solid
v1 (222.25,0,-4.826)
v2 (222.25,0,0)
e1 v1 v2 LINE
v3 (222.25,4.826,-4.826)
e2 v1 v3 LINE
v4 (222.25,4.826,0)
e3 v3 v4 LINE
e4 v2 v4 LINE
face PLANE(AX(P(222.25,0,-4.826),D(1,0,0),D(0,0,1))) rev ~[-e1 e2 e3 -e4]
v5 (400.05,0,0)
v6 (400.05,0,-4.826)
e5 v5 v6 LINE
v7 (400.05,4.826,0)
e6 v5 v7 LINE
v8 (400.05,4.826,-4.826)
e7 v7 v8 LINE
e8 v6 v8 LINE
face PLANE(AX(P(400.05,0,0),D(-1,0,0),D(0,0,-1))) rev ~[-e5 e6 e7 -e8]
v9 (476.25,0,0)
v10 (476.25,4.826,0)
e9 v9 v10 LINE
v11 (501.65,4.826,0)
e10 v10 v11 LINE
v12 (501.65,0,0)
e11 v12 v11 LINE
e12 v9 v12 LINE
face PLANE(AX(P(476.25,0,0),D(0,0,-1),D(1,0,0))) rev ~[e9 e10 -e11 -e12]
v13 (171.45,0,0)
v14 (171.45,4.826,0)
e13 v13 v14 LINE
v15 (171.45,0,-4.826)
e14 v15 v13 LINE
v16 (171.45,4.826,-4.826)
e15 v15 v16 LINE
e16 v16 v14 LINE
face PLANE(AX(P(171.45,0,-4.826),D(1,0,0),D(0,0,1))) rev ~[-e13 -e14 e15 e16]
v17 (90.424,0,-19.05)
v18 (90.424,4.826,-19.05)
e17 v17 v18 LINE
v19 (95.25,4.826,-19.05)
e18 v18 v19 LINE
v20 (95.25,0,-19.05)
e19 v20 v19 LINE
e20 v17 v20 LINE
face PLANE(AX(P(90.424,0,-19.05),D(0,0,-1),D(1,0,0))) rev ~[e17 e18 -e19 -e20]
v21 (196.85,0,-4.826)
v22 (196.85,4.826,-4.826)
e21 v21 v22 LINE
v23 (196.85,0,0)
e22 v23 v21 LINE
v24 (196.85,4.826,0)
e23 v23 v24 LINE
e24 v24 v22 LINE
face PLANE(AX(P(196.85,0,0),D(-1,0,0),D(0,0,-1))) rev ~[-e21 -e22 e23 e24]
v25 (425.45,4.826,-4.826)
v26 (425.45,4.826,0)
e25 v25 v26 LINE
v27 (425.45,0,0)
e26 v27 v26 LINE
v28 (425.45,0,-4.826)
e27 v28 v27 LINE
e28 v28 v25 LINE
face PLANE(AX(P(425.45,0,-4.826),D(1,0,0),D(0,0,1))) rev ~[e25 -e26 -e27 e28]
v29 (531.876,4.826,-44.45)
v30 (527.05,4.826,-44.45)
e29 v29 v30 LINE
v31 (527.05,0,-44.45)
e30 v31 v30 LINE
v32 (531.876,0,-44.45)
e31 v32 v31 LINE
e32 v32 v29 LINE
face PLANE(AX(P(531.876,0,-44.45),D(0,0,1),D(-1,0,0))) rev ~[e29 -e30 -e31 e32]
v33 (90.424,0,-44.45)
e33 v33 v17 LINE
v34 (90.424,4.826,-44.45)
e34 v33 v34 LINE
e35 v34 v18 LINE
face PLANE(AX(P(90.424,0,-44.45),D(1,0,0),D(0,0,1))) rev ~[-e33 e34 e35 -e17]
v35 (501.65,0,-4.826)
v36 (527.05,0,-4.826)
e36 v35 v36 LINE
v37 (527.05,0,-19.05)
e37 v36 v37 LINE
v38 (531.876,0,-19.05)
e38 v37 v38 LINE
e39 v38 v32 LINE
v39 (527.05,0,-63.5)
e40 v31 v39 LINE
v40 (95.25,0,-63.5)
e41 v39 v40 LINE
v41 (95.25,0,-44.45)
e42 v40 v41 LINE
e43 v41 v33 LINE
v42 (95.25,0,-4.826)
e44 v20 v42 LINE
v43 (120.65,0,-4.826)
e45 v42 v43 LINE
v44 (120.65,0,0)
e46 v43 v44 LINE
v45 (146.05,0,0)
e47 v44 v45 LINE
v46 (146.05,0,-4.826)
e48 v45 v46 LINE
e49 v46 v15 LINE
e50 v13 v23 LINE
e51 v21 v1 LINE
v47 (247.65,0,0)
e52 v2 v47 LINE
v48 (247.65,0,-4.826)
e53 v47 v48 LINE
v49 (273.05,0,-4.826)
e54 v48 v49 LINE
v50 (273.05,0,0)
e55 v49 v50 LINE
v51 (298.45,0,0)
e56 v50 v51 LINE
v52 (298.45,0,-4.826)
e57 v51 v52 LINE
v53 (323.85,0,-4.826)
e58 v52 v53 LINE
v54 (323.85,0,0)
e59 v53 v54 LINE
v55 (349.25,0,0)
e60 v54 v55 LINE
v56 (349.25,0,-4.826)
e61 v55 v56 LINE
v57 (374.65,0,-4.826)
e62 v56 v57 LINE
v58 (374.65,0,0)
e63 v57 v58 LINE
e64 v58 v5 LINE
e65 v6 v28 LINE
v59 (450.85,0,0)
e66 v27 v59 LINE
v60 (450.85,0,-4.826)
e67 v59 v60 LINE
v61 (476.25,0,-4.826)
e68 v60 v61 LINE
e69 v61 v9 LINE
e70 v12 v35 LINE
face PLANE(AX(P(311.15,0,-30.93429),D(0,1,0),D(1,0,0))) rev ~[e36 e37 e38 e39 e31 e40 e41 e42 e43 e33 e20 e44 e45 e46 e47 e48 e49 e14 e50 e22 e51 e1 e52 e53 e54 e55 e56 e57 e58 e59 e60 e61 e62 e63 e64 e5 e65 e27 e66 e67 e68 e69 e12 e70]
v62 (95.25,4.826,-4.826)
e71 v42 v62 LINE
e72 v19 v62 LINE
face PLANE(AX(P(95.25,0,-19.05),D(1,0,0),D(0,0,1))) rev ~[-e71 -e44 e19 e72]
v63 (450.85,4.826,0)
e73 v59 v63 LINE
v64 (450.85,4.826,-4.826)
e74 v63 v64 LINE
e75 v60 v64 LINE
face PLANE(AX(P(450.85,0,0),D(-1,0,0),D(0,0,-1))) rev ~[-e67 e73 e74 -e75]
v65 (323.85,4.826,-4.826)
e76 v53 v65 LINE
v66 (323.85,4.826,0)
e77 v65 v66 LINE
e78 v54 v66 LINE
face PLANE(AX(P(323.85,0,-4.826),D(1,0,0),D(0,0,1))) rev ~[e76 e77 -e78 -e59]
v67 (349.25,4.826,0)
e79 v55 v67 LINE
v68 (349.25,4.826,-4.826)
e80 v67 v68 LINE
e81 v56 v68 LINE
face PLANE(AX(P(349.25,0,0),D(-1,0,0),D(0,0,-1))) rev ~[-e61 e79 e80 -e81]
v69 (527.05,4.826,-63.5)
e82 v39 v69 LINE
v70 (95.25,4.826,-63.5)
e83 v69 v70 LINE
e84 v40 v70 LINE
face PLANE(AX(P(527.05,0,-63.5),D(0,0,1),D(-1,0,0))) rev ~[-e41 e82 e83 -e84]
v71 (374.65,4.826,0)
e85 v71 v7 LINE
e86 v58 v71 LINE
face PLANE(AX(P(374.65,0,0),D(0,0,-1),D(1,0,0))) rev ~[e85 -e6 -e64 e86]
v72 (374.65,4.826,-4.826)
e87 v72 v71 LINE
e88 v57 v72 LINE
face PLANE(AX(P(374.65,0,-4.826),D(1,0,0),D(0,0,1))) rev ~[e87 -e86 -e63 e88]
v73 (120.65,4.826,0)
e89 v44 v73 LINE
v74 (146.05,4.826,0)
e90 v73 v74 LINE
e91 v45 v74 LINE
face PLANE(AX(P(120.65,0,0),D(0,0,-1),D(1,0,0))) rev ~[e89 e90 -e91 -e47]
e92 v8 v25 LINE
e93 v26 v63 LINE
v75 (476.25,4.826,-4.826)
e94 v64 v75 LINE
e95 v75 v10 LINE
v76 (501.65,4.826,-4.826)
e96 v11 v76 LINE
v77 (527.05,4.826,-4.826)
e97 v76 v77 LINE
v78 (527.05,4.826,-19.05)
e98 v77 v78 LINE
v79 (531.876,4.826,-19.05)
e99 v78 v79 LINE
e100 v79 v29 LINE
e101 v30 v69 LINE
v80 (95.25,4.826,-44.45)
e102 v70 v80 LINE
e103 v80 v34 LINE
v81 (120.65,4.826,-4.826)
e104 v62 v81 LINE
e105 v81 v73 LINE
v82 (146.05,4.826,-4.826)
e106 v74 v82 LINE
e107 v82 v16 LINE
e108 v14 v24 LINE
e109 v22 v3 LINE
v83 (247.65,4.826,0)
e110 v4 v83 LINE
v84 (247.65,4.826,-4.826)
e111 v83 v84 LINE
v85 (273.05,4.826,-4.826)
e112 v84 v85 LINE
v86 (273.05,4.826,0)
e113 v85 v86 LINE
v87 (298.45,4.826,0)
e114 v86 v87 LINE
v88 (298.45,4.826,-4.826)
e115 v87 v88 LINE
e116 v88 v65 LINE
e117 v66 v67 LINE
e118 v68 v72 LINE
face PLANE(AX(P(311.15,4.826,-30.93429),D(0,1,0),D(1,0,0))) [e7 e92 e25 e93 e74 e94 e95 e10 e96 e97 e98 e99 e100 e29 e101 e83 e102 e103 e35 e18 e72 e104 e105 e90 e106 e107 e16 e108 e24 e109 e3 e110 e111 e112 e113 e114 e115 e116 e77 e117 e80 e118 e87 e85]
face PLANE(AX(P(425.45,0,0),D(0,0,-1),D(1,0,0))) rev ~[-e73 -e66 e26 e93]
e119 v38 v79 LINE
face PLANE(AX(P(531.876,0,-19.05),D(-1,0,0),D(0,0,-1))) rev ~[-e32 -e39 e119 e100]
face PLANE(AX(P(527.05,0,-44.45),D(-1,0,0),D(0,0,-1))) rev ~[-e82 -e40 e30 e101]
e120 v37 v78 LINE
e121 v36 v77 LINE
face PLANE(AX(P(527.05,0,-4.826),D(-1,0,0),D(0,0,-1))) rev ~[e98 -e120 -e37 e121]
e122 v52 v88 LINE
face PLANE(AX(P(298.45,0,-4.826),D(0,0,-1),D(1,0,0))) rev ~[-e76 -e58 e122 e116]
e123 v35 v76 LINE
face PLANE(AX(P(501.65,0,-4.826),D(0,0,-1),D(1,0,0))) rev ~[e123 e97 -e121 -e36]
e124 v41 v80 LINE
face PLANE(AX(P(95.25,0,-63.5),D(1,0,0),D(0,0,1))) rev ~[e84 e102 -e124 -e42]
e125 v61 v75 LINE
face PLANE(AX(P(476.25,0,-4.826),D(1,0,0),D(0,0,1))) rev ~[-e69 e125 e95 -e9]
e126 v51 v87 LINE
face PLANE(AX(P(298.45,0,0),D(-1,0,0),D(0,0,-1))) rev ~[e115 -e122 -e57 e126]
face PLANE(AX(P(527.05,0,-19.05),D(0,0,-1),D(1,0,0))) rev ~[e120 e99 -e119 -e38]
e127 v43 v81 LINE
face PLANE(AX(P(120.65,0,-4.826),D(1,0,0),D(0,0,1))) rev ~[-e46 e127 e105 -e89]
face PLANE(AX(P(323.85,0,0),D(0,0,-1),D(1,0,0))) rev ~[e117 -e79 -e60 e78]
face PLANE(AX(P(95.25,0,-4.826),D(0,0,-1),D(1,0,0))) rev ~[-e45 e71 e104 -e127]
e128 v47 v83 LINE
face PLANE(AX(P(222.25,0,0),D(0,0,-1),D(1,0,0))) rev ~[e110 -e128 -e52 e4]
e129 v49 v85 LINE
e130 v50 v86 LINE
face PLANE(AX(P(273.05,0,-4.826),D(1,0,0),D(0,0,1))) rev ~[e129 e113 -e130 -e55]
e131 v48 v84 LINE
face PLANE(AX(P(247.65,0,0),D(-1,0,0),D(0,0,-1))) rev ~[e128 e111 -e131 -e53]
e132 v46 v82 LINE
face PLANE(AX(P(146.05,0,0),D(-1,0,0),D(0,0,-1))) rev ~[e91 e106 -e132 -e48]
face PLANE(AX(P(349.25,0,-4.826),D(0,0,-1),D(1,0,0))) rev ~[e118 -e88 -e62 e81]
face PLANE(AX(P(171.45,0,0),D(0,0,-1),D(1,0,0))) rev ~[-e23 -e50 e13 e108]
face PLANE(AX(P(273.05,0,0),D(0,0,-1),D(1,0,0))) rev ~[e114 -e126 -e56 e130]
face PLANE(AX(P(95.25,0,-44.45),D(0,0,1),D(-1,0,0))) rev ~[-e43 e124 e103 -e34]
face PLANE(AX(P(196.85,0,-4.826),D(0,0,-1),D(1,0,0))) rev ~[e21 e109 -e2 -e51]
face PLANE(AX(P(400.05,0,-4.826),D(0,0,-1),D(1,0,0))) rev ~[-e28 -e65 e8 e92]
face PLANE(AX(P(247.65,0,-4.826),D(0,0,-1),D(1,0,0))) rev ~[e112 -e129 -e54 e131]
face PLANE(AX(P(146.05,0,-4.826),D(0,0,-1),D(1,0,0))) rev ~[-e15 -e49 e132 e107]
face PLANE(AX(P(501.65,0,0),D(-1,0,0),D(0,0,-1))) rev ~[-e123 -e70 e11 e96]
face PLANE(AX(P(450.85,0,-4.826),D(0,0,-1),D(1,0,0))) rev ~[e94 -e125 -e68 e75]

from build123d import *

# Parameters (mm, degrees)
BOSS_EXTRUDE1_DEPTH = 4.826


with BuildPart() as part:
    # Sketch2 → Boss-Extrude1 (new body)
    with BuildSketch(Plane(origin=(0, 0, 0), x_dir=(1, 0, 0), z_dir=(0, 1, 0))):
        Polygon((120.65, 0), (146.05, 0), (146.05, 4.826), (171.45, 4.826), (171.45, 0), (196.85, 0), (196.85, 4.826), (222.25, 4.826), (222.25, 0), (247.65, 0), (247.65, 4.826), (273.05, 4.826), (273.05, 0), (298.45, 0), (298.45, 4.826), (323.85, 4.826), (323.85, 0), (349.25, 0), (349.25, 4.826), (374.65, 4.826), (374.65, 0), (400.05, 0), (400.05, 4.826), (425.45, 4.826), (425.45, 0), (450.85, 0), (450.85, 4.826), (476.25, 4.826), (476.25, 0), (501.65, 0), (501.65, 4.826), (527.05, 4.826), (527.05, 19.05), (531.876, 19.05), (531.876, 44.45), (527.05, 44.45), (527.05, 63.5), (95.25, 63.5), (95.25, 44.45), (90.424, 44.45), (90.424, 19.05), (95.25, 19.05), (95.25, 4.826), (120.65, 4.826), align=None)
    extrude(amount=BOSS_EXTRUDE1_DEPTH)


solid = part.part
